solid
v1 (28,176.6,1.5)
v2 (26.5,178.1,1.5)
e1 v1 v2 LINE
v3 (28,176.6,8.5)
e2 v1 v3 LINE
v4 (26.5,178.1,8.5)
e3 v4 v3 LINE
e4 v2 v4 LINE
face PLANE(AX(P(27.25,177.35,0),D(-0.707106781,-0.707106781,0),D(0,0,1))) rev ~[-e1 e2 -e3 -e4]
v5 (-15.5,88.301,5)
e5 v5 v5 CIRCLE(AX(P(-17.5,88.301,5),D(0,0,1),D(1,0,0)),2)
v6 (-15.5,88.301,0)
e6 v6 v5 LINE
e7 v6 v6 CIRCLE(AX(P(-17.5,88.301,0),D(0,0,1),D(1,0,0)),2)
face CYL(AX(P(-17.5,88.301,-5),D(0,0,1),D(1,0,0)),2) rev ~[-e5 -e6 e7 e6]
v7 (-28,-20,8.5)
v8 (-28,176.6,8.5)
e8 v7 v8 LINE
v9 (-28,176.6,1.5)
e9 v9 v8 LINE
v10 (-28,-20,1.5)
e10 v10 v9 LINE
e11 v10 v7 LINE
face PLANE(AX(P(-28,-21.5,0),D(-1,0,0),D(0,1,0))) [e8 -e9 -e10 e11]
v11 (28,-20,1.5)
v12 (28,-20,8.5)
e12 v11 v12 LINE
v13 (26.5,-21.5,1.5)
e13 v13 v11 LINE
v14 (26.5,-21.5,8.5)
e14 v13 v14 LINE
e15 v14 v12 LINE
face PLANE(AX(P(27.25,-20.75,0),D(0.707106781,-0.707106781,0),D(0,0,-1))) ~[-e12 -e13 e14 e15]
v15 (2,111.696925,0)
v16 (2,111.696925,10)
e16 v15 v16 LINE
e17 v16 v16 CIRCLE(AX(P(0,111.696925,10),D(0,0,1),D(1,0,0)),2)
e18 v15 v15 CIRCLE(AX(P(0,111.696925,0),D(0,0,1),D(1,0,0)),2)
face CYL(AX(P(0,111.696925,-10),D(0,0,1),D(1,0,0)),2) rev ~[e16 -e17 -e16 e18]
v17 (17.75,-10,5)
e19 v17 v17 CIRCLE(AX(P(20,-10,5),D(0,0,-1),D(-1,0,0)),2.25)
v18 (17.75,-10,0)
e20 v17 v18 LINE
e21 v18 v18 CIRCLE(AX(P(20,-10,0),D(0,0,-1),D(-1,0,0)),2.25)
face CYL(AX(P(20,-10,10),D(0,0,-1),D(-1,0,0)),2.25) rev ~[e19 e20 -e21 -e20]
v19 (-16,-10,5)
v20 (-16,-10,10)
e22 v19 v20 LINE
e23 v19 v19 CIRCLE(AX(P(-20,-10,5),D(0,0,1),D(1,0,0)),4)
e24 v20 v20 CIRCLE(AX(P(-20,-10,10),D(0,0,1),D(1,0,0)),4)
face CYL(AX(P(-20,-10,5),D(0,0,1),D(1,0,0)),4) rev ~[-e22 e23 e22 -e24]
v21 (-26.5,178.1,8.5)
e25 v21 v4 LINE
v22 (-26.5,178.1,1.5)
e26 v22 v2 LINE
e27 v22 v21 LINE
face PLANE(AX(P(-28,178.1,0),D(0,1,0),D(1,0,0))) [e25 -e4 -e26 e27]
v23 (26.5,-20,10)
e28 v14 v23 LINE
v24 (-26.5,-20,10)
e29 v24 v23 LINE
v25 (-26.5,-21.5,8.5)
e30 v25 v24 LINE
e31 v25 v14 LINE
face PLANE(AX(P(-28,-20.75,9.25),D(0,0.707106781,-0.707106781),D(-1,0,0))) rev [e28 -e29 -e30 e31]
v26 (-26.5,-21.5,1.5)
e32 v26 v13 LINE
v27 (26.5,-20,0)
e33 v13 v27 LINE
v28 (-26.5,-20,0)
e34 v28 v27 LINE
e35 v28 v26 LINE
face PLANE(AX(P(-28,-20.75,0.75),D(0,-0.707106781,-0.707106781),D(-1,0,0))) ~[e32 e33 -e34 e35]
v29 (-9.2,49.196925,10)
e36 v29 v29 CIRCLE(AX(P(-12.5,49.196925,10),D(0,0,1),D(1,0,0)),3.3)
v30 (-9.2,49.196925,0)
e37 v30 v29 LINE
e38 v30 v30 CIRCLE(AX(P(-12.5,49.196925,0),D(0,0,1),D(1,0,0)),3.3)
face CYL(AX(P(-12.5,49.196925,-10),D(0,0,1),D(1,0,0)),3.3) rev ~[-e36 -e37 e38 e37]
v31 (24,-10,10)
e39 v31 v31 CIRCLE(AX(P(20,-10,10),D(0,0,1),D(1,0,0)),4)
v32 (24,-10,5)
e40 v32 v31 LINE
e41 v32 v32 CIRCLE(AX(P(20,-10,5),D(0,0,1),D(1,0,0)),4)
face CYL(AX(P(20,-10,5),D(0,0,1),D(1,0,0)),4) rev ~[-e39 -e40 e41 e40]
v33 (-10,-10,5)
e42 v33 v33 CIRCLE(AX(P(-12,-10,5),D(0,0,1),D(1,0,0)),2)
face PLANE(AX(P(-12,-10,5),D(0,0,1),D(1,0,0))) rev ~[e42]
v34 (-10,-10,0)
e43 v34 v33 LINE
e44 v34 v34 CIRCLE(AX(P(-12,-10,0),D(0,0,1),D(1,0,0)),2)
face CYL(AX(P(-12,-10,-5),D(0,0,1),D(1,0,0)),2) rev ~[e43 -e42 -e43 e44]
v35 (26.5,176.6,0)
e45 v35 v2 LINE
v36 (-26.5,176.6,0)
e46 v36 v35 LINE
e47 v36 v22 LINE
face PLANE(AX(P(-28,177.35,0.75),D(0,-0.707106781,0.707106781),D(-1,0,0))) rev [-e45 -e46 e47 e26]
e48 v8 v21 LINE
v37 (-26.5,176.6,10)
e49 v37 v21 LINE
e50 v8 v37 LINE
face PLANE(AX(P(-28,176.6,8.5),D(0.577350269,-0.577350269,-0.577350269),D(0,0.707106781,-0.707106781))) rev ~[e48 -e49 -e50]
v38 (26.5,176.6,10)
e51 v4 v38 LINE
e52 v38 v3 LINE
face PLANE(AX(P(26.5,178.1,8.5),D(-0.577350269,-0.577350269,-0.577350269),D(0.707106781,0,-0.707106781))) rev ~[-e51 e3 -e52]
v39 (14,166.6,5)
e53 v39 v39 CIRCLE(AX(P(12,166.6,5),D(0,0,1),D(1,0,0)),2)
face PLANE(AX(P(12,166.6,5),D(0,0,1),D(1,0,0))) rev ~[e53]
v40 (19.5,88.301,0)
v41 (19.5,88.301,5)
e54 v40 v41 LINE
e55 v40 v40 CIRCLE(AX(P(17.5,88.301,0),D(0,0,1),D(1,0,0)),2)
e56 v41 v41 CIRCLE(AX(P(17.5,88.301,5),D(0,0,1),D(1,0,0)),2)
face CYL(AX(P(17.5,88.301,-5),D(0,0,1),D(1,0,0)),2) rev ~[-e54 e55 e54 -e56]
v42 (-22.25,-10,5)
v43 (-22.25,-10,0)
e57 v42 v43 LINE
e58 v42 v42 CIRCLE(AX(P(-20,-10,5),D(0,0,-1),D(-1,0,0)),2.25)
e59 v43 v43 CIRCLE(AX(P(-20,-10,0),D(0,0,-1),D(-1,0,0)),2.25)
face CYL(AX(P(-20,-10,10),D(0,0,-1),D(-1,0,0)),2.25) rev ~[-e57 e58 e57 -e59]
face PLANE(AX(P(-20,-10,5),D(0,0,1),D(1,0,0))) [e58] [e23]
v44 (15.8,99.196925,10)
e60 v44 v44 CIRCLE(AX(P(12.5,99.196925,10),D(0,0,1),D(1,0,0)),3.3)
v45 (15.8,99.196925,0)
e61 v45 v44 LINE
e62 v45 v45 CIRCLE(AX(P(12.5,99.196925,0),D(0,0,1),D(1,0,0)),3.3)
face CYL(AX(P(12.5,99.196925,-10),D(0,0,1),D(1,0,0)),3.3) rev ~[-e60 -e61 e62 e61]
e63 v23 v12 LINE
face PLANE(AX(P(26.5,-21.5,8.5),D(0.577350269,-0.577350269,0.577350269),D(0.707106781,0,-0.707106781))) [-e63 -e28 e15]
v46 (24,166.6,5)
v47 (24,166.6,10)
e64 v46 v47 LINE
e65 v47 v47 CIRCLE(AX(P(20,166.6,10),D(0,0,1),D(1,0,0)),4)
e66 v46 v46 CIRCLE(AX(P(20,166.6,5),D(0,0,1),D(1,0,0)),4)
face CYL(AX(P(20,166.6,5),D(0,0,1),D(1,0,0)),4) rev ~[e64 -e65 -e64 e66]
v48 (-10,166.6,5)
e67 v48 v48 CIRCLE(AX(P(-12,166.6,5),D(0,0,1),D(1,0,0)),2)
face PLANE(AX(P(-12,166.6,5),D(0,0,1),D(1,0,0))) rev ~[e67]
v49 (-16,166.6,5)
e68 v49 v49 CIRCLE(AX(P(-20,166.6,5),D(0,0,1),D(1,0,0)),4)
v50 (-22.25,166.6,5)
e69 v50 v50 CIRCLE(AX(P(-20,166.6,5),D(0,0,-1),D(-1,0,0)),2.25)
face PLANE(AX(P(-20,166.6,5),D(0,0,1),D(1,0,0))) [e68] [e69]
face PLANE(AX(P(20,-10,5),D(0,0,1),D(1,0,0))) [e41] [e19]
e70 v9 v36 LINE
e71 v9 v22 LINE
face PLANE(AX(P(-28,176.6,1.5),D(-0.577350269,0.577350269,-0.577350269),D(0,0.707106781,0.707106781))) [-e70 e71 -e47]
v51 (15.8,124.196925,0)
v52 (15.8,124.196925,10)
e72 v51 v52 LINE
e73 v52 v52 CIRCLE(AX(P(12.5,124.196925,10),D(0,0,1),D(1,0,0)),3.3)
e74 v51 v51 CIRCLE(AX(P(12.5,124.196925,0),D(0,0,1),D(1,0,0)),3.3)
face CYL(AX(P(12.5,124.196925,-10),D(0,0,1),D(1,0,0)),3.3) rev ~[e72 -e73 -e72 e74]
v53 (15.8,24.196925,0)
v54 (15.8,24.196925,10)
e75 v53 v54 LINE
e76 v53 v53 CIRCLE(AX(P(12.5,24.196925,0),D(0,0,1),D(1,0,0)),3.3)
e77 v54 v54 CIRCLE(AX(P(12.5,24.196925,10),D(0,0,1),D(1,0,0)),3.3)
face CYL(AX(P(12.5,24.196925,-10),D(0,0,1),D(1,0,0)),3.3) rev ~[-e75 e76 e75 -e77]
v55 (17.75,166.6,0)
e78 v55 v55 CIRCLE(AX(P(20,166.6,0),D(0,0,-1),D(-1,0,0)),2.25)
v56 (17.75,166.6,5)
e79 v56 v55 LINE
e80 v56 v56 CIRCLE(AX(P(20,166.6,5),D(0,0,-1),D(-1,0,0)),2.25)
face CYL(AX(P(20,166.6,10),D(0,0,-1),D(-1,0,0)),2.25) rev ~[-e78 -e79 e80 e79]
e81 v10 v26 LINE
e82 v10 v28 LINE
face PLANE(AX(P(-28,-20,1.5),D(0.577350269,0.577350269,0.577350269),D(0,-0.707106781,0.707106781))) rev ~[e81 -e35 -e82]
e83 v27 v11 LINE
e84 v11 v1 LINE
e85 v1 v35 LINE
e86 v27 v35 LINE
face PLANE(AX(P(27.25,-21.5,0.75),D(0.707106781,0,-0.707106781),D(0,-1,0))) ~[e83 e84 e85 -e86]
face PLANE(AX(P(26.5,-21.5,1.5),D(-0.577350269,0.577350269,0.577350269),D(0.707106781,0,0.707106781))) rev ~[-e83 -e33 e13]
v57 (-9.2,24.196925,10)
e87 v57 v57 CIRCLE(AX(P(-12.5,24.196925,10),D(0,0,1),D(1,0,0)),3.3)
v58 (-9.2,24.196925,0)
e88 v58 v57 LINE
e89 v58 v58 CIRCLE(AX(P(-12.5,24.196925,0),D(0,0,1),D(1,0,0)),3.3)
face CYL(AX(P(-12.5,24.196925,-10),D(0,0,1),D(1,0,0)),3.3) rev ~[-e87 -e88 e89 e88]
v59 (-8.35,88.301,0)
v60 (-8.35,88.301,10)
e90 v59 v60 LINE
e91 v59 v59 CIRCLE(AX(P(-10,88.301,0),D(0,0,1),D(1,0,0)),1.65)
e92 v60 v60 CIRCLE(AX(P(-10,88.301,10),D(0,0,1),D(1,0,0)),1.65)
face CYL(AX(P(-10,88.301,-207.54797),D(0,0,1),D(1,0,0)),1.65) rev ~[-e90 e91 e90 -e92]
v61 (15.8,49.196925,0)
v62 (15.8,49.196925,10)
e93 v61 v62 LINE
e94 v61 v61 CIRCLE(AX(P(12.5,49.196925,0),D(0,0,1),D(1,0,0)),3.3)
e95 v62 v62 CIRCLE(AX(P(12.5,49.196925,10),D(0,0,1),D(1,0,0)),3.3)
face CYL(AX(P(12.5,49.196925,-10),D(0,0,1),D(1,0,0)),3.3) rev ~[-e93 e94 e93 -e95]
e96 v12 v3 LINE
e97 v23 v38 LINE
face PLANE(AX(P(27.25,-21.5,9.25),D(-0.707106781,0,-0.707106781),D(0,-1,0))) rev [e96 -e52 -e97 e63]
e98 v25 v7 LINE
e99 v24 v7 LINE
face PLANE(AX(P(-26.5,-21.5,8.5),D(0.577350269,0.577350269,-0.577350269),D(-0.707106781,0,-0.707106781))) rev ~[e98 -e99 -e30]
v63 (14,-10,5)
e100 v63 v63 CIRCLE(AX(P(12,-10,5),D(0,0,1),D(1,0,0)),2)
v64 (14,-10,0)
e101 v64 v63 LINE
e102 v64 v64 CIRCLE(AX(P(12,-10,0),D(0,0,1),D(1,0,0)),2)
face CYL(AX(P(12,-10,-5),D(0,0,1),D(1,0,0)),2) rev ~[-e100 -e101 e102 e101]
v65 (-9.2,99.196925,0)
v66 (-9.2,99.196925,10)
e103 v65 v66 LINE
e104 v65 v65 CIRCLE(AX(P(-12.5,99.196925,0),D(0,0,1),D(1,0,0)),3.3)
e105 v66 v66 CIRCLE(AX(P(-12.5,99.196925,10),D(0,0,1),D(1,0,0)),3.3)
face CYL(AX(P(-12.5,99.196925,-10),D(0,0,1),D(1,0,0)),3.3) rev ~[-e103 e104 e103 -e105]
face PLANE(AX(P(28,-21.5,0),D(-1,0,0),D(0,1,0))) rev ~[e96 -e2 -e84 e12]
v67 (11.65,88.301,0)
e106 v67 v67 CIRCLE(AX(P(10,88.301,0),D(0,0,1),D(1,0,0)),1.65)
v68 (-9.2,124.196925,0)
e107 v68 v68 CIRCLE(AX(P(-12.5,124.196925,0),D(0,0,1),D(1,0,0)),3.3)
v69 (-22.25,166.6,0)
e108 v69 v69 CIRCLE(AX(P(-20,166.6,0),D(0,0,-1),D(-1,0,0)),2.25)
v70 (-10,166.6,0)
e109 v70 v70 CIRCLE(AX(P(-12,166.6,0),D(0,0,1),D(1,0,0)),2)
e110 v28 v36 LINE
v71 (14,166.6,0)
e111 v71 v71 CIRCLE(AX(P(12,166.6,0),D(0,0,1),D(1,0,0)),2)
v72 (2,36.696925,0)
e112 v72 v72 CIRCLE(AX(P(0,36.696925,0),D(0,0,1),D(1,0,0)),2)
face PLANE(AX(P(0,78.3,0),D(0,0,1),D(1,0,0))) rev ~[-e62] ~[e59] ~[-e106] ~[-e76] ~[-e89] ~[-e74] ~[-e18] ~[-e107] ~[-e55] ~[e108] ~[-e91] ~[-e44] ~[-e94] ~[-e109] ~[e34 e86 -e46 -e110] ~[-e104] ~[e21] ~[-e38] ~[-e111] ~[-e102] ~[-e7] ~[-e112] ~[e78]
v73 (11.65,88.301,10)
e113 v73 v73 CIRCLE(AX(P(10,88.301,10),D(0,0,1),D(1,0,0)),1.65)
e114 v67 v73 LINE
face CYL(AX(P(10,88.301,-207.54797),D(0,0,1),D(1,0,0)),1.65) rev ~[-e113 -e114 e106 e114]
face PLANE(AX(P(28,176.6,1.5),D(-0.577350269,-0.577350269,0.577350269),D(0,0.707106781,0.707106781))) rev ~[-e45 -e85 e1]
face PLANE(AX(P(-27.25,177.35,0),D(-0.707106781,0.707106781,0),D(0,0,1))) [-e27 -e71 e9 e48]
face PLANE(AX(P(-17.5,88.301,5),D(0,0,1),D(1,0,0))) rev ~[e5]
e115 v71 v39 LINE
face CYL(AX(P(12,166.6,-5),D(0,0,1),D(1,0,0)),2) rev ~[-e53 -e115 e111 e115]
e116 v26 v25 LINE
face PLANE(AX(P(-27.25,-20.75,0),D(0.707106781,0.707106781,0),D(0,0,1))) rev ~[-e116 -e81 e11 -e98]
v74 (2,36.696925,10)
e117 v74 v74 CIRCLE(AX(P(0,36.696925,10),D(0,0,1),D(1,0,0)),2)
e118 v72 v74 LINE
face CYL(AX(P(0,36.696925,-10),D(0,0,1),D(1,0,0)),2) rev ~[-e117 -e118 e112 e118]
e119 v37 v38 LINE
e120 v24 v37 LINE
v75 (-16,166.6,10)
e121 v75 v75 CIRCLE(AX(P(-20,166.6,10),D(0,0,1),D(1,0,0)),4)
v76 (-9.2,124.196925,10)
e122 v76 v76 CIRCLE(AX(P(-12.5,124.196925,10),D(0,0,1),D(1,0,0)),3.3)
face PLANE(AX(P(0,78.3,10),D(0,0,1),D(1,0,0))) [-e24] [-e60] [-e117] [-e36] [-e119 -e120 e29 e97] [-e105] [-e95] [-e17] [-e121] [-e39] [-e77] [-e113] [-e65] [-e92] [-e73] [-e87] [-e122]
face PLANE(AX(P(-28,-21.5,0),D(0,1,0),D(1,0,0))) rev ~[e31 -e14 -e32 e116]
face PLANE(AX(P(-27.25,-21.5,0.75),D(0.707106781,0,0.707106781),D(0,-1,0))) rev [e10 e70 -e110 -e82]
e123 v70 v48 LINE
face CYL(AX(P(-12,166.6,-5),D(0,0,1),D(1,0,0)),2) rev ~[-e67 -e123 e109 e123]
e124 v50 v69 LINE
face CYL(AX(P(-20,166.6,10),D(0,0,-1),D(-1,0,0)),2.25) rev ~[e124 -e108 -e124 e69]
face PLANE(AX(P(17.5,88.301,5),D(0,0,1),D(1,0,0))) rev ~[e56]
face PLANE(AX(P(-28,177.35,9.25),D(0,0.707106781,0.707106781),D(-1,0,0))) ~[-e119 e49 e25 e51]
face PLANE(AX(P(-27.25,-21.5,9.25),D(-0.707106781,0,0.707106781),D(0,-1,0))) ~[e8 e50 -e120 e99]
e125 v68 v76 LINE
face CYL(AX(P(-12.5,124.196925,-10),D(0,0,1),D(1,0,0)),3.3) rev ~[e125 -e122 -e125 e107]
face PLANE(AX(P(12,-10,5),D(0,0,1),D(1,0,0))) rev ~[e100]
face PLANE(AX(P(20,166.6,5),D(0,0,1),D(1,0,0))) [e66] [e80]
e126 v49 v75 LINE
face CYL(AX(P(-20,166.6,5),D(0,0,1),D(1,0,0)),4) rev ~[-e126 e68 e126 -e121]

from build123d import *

# Parameters (mm, degrees)
SKETCH1_W            = 56
SKETCH1_H            = 199.6
EXTRUDE1_DEPTH       = 10
CHAMFER1_SIZE        = 1.5
HOLEWZD1_D           = 4
HOLEWZD1_DEPTH       = 5
HOLEWZD4_D           = 6.6
HOLEWZD4_DEPTH       = 10
HOLEWZD5_D           = 4
HOLEWZD5_DEPTH       = 10
HOLEWZD6_D           = 4
HOLEWZD6_DEPTH       = 5
HOLEWZD7_D           = 3.3
HOLEWZD9_D           = 4.5
HOLEWZD9_CBORE_D     = 8
HOLEWZD9_CBORE_DEPTH = 5


with BuildPart() as part:
    # Sketch1 → Extrude1 (new body)
    with BuildSketch(Plane.XY):
        with Locations((0, 78.3)):
            Rectangle(SKETCH1_W, SKETCH1_H)
    extrude(amount=EXTRUDE1_DEPTH)

    # Chamfer1
    chamfer1_edges = [part.edges().sort_by_distance(p)[0] for p in [
        (28, 78.3, 10),
        (0, 178.1, 10),
        (-28, 78.3, 10),
        (0, 178.1, 0),
        (28, 78.3, 0),
        (0, -21.5, 0),
        (-28, 78.3, 0),
        (0, -21.5, 10),
        (-28, 178.1, 5),
        (28, 178.1, 5),
        (28, -21.5, 5),
        (-28, -21.5, 5),
    ]]
    chamfer(chamfer1_edges, length=CHAMFER1_SIZE)

    # HoleWzd1
    with Locations(Plane(origin=(-28, 98.3, 0), x_dir=(-1, 0, 0), z_dir=(0, 0, -1))):
        with Locations((-40, -108.3), (-16, -108.3), (-40, 68.3), (-16, 68.3)):
            Hole(HOLEWZD1_D / 2, depth=HOLEWZD1_DEPTH)

    # HoleWzd4
    with Locations(Plane(origin=(0, 0, 0), x_dir=(-1, 0, 0), z_dir=(0, 0, -1))):
        with Locations((-12.5, 99.196924858), (12.5, 124.196924858), (-12.5, 124.196924858), (12.5, 99.196924858), (-12.5, 49.196924858), (12.5, 49.196924858), (12.5, 24.196924858), (-12.5, 24.196924858)):
            Hole(HOLEWZD4_D / 2, depth=HOLEWZD4_DEPTH)

    # HoleWzd5
    with Locations(Plane(origin=(0, 0, 0), x_dir=(-1, 0, 0), z_dir=(0, 0, -1))):
        with Locations((0, 111.696924858), (0, 36.696924858)):
            Hole(HOLEWZD5_D / 2, depth=HOLEWZD5_DEPTH)

    # HoleWzd6
    with Locations(Plane(origin=(0, 0, 0), x_dir=(-1, 0, 0), z_dir=(0, 0, -1))):
        with Locations((17.5, 88.301), (-17.5, 88.301)):
            Hole(HOLEWZD6_D / 2, depth=HOLEWZD6_DEPTH)

    # HoleWzd7 (through all)
    with Locations(Plane(origin=(0, 0, 0), x_dir=(-1, 0, 0), z_dir=(0, 0, -1))):
        with Locations((10, 88.301), (-10, 88.301)):
            Hole(HOLEWZD7_D / 2)

    # HoleWzd9 (through all)
    with Locations(Plane.XY.offset(10)):
        with Locations((20, -10), (-20, -10), (20, 166.6), (-20, 166.6)):
            CounterBoreHole(HOLEWZD9_D / 2, HOLEWZD9_CBORE_D / 2, HOLEWZD9_CBORE_DEPTH)


solid = part.part
